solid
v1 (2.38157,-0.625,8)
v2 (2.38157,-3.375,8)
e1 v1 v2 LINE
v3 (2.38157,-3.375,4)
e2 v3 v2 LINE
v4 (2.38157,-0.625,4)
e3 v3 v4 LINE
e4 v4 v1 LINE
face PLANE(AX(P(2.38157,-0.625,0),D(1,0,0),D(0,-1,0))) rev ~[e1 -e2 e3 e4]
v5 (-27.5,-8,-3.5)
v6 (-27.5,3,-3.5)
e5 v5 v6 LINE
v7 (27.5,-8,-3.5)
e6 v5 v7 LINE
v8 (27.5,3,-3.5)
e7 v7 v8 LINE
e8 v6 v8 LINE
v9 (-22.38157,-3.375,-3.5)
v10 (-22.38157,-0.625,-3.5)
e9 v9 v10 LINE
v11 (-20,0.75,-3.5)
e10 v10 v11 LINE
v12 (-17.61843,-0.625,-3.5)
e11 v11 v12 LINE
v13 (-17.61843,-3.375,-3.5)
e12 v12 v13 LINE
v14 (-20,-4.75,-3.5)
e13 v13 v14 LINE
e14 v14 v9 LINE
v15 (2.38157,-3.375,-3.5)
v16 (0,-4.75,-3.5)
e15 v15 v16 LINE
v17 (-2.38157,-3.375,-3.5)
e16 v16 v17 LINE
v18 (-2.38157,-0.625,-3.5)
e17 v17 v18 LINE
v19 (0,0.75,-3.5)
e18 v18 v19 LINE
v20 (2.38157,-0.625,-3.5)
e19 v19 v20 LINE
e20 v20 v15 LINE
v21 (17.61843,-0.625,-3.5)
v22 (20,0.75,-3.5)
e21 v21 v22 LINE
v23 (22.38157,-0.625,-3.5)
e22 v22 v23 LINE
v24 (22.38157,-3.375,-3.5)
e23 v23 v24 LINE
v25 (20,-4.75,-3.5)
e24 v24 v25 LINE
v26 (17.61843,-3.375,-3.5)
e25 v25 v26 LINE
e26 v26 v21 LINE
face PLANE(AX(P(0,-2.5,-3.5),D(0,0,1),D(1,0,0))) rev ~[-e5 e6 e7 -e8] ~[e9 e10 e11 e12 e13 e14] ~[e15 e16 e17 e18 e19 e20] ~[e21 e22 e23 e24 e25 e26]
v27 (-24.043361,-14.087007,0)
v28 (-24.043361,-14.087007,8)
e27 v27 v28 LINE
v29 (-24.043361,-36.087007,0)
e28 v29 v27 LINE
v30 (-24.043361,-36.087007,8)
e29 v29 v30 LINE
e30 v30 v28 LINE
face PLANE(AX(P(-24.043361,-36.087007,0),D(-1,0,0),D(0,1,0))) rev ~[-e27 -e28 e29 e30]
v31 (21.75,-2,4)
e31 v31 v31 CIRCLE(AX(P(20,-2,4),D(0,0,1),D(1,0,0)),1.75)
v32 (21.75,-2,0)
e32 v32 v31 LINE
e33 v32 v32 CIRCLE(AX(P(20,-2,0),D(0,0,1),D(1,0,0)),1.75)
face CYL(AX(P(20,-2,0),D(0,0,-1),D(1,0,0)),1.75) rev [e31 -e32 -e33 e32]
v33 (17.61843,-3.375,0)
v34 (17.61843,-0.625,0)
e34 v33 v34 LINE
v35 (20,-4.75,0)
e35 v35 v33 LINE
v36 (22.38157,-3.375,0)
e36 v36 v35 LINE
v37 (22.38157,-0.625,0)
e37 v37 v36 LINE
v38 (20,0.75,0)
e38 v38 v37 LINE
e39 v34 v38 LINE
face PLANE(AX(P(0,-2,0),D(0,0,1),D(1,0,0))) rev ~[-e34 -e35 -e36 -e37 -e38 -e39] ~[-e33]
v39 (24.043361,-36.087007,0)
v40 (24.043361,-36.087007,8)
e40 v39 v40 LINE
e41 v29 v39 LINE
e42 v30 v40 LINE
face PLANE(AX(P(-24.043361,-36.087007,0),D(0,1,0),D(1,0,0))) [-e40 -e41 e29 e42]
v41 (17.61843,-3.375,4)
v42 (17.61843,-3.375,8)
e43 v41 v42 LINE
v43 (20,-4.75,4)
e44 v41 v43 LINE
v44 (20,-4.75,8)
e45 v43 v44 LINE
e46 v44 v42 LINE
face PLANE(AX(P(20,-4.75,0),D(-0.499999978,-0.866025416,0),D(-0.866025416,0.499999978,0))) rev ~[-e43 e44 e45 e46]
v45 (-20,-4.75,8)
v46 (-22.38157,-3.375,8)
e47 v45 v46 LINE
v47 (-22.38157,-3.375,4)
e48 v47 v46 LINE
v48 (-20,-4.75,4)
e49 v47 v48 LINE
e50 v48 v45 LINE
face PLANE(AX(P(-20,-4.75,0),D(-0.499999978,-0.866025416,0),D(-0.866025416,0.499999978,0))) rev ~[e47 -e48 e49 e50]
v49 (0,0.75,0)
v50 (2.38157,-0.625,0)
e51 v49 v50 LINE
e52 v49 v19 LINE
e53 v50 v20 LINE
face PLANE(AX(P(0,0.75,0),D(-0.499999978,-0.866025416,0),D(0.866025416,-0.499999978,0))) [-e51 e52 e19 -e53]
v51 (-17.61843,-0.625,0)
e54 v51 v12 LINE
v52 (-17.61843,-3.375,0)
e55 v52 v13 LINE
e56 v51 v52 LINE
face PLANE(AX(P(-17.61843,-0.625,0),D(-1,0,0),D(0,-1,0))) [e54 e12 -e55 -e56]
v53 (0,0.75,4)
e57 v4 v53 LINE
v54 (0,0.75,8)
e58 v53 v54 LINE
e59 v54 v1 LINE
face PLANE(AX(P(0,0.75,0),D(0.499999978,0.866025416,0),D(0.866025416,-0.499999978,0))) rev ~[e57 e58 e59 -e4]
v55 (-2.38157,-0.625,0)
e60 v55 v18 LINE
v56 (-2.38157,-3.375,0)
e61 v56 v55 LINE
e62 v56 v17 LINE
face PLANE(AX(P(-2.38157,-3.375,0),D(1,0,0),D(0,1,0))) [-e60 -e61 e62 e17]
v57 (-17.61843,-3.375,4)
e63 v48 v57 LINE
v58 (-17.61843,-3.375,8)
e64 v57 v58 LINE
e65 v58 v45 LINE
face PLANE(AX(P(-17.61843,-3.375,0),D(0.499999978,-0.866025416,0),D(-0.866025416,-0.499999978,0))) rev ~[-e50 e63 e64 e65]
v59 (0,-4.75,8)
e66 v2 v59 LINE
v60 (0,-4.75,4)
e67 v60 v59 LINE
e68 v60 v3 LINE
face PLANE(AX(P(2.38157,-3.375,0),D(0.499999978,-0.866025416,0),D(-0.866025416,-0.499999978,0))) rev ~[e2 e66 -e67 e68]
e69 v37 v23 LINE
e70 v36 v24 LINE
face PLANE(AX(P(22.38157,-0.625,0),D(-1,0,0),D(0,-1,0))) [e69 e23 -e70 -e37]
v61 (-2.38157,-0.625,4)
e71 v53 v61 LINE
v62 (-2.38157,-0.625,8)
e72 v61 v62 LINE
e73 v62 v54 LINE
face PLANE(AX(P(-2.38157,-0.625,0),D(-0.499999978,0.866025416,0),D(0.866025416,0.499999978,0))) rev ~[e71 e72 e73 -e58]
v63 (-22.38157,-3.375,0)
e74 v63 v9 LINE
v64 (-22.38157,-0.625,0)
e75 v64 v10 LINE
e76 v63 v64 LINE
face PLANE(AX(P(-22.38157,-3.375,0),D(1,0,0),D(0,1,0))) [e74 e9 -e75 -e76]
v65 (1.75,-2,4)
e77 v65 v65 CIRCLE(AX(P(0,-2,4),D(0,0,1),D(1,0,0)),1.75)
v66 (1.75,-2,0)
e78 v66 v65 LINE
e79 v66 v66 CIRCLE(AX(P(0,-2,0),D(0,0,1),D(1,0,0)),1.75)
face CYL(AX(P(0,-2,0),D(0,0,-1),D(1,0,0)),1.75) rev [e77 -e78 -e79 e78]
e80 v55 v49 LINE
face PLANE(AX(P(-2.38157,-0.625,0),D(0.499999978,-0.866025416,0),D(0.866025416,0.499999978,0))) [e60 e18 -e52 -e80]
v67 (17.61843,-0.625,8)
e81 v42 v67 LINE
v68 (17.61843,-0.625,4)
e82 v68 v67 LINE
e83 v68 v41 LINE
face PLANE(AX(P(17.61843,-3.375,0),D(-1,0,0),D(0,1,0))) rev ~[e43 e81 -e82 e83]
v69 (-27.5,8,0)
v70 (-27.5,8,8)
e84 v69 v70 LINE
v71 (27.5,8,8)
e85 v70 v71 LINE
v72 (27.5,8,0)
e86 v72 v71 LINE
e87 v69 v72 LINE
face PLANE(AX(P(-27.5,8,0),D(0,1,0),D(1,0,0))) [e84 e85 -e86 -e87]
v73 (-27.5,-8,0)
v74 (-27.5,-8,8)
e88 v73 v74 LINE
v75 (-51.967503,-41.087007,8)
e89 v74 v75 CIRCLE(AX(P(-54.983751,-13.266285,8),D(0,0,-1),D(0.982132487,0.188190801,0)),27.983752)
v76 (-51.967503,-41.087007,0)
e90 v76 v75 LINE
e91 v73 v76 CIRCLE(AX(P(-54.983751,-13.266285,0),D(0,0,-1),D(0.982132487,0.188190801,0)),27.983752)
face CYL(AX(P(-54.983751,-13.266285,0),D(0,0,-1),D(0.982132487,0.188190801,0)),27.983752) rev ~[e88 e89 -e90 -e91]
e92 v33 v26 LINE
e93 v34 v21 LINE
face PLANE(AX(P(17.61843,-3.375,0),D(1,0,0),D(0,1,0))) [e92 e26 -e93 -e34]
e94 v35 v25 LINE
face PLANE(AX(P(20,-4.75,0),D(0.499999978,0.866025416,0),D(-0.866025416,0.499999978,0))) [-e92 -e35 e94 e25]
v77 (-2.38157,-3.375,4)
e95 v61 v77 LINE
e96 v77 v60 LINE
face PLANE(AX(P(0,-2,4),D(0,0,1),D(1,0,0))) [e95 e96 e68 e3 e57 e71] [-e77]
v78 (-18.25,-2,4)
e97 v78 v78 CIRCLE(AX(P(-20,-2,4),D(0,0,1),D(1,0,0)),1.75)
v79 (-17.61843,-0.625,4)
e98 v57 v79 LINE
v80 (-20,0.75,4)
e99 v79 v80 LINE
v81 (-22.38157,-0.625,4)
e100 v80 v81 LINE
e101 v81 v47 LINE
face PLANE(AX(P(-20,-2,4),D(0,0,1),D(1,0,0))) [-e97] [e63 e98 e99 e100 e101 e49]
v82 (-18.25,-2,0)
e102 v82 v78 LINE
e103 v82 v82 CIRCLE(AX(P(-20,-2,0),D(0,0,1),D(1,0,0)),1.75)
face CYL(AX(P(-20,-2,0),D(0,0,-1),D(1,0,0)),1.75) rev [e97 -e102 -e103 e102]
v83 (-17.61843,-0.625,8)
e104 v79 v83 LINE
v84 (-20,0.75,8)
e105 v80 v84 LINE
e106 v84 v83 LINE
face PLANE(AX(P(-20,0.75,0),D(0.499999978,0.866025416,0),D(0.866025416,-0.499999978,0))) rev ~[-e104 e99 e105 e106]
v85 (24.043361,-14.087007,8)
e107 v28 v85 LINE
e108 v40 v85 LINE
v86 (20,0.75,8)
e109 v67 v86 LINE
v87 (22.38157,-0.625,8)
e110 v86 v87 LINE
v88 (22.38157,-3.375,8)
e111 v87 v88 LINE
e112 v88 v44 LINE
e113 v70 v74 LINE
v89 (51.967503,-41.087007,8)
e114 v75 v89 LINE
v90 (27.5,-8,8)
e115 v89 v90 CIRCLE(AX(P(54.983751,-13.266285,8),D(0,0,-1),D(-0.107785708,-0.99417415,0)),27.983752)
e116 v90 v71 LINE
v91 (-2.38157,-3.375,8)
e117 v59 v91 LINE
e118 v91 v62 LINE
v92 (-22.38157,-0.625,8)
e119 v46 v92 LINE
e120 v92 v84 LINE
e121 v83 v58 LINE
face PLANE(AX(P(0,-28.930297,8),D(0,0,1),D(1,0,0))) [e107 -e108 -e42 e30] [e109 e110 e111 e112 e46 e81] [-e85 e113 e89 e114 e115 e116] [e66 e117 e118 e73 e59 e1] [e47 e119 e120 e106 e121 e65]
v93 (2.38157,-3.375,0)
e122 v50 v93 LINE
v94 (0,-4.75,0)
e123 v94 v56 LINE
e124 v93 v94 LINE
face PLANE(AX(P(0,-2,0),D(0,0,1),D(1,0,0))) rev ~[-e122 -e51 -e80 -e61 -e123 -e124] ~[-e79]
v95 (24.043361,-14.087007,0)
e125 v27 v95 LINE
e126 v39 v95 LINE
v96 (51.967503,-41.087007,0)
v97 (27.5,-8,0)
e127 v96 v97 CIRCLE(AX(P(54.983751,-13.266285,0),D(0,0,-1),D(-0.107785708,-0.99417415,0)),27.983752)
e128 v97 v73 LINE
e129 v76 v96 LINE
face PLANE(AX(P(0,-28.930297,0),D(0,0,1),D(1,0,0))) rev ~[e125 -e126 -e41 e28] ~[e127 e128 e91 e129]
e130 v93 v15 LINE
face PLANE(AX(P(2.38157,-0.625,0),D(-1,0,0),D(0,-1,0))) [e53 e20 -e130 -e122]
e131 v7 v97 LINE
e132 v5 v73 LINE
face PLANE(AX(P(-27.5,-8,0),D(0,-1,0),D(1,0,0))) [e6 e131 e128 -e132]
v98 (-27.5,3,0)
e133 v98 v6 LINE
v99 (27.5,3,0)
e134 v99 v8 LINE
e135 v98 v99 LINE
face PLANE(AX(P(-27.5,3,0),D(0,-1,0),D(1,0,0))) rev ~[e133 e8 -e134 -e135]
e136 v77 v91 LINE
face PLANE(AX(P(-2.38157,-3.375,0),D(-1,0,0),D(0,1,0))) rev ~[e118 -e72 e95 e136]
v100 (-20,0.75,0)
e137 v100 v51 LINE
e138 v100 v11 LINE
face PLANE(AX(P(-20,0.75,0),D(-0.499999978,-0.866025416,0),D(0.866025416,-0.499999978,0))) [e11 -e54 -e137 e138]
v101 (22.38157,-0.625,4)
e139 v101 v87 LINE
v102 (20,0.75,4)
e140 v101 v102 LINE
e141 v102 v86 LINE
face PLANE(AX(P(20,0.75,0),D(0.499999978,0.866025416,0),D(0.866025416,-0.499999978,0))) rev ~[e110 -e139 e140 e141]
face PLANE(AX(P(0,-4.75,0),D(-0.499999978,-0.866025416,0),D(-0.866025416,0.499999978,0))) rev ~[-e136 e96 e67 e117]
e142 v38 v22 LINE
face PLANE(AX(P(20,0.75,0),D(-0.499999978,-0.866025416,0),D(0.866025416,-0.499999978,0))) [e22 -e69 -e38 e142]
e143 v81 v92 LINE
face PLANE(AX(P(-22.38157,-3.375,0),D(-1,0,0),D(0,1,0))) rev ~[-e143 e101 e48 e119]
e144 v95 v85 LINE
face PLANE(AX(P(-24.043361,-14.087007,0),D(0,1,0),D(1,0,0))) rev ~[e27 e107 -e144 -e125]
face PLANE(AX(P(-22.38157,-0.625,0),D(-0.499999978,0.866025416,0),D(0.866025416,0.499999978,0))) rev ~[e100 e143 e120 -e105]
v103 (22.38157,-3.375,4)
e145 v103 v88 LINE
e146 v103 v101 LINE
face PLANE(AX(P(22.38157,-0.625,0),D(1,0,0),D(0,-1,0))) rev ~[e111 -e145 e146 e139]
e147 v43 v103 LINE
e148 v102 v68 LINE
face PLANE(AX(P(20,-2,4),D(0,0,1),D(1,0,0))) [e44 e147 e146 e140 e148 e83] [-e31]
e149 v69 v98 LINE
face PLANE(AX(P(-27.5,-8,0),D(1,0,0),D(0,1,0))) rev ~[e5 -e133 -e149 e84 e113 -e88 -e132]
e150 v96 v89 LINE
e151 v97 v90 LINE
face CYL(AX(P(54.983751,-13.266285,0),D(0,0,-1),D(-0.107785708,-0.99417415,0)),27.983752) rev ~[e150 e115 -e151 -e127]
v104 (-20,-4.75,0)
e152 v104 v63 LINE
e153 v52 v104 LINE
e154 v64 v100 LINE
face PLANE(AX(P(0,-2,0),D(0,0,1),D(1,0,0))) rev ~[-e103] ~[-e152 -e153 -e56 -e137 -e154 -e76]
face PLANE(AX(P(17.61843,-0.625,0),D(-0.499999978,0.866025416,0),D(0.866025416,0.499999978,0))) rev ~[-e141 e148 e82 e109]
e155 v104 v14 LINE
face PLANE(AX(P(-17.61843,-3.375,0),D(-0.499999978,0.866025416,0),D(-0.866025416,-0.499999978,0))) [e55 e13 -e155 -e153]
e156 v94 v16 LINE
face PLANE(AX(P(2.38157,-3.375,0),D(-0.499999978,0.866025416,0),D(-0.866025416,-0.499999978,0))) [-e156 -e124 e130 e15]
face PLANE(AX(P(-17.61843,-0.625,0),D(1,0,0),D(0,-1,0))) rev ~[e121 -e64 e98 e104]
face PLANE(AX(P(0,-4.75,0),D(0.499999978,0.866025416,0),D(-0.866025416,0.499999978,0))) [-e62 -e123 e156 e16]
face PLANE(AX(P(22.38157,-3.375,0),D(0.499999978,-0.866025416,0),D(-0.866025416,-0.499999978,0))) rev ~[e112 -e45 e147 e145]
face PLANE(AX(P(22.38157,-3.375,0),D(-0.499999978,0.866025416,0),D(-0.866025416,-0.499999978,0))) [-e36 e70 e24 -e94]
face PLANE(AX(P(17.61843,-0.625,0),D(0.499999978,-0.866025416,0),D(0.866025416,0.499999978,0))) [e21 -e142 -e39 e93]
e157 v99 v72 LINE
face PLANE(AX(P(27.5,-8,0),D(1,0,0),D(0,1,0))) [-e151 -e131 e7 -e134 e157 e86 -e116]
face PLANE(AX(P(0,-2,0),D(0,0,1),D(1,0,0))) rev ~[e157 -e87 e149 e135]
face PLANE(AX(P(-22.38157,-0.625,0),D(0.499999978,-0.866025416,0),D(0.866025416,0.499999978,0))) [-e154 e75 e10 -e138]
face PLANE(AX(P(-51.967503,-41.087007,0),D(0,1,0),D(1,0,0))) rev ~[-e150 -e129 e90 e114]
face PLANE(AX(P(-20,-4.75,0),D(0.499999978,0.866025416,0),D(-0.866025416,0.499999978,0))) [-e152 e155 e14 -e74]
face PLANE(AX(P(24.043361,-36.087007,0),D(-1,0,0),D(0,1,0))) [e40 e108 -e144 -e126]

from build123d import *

# Parameters (mm, degrees)
F0_W     = 55
F0_H     = 11
F0_H_2   = 5
F1_DEPTH = 8
F0_R     = 1.75
F2_DEPTH = 4
F3_DEPTH = 3.5
F0_W_2   = 48.086722
F0_H_3   = 22
F4_DEPTH = 8


with BuildPart() as f1:
    # F0 (on Top) → F1 (new body)
    with BuildSketch(Plane.XY):
        with Locations((0, -2.5)):
            Rectangle(F0_W, F0_H)
        Polygon((-22.38157, -0.625), (-20, 0.75), (-17.61843, -0.625), (-17.61843, -3.375), (-20, -4.75), (-22.38157, -3.375), align=None, mode=Mode.SUBTRACT)
        Polygon((-2.38157, -0.625), (0, 0.75), (2.38157, -0.625), (2.38157, -3.375), (0, -4.75), (-2.38157, -3.375), align=None, mode=Mode.SUBTRACT)
        Polygon((17.61843, -0.625), (20, 0.75), (22.38157, -0.625), (22.38157, -3.375), (20, -4.75), (17.61843, -3.375), align=None, mode=Mode.SUBTRACT)
        with Locations((0, 5.5)):
            Rectangle(F0_W, F0_H_2)
    extrude(amount=F1_DEPTH)

    # F0 (on Top) → F2 (join)
    with BuildSketch(Plane.XY):
        Polygon((2.38157, -0.625), (0, 0.75), (-2.38157, -0.625), (-2.38157, -3.375), (0, -4.75), (2.38157, -3.375), align=None)
        with Locations((0, -2)):
            Circle(F0_R, mode=Mode.SUBTRACT)
        Polygon((22.38157, -0.625), (20, 0.75), (17.61843, -0.625), (17.61843, -3.375), (20, -4.75), (22.38157, -3.375), align=None)
        with Locations((20, -2)):
            Circle(F0_R, mode=Mode.SUBTRACT)
        Polygon((-17.61843, -0.625), (-20, 0.75), (-22.38157, -0.625), (-22.38157, -3.375), (-20, -4.75), (-17.61843, -3.375), align=None)
        with Locations((-20, -2)):
            Circle(F0_R, mode=Mode.SUBTRACT)
    extrude(amount=F2_DEPTH)

    # F0 (on Top) → F3 (join)
    with BuildSketch(Plane.XY):
        with Locations((0, -2.5)):
            Rectangle(F0_W, F0_H)
        Polygon((-22.38157, -0.625), (-20, 0.75), (-17.61843, -0.625), (-17.61843, -3.375), (-20, -4.75), (-22.38157, -3.375), align=None, mode=Mode.SUBTRACT)
        Polygon((-2.38157, -0.625), (0, 0.75), (2.38157, -0.625), (2.38157, -3.375), (0, -4.75), (-2.38157, -3.375), align=None, mode=Mode.SUBTRACT)
        Polygon((17.61843, -0.625), (20, 0.75), (22.38157, -0.625), (22.38157, -3.375), (20, -4.75), (17.61843, -3.375), align=None, mode=Mode.SUBTRACT)
    extrude(amount=-F3_DEPTH)

    # F0 (on Top) → F4 (join)
    with BuildSketch(Plane.XY):
        with BuildLine():
            Line((27.5, -8), (-27.5, -8))
            ThreePointArc((-27.5, -8), (-32.483751, -29.904804), (-51.967503, -41.087007))
            Line((-51.967503, -41.087007), (51.967503, -41.087007))
            ThreePointArc((51.967503, -41.087007), (32.483751, -29.904804), (27.5, -8))
        make_face()
        with Locations((0, -25.087007)):
            Rectangle(F0_W_2, F0_H_3, mode=Mode.SUBTRACT)
    extrude(amount=F4_DEPTH)


solid = f1.part
